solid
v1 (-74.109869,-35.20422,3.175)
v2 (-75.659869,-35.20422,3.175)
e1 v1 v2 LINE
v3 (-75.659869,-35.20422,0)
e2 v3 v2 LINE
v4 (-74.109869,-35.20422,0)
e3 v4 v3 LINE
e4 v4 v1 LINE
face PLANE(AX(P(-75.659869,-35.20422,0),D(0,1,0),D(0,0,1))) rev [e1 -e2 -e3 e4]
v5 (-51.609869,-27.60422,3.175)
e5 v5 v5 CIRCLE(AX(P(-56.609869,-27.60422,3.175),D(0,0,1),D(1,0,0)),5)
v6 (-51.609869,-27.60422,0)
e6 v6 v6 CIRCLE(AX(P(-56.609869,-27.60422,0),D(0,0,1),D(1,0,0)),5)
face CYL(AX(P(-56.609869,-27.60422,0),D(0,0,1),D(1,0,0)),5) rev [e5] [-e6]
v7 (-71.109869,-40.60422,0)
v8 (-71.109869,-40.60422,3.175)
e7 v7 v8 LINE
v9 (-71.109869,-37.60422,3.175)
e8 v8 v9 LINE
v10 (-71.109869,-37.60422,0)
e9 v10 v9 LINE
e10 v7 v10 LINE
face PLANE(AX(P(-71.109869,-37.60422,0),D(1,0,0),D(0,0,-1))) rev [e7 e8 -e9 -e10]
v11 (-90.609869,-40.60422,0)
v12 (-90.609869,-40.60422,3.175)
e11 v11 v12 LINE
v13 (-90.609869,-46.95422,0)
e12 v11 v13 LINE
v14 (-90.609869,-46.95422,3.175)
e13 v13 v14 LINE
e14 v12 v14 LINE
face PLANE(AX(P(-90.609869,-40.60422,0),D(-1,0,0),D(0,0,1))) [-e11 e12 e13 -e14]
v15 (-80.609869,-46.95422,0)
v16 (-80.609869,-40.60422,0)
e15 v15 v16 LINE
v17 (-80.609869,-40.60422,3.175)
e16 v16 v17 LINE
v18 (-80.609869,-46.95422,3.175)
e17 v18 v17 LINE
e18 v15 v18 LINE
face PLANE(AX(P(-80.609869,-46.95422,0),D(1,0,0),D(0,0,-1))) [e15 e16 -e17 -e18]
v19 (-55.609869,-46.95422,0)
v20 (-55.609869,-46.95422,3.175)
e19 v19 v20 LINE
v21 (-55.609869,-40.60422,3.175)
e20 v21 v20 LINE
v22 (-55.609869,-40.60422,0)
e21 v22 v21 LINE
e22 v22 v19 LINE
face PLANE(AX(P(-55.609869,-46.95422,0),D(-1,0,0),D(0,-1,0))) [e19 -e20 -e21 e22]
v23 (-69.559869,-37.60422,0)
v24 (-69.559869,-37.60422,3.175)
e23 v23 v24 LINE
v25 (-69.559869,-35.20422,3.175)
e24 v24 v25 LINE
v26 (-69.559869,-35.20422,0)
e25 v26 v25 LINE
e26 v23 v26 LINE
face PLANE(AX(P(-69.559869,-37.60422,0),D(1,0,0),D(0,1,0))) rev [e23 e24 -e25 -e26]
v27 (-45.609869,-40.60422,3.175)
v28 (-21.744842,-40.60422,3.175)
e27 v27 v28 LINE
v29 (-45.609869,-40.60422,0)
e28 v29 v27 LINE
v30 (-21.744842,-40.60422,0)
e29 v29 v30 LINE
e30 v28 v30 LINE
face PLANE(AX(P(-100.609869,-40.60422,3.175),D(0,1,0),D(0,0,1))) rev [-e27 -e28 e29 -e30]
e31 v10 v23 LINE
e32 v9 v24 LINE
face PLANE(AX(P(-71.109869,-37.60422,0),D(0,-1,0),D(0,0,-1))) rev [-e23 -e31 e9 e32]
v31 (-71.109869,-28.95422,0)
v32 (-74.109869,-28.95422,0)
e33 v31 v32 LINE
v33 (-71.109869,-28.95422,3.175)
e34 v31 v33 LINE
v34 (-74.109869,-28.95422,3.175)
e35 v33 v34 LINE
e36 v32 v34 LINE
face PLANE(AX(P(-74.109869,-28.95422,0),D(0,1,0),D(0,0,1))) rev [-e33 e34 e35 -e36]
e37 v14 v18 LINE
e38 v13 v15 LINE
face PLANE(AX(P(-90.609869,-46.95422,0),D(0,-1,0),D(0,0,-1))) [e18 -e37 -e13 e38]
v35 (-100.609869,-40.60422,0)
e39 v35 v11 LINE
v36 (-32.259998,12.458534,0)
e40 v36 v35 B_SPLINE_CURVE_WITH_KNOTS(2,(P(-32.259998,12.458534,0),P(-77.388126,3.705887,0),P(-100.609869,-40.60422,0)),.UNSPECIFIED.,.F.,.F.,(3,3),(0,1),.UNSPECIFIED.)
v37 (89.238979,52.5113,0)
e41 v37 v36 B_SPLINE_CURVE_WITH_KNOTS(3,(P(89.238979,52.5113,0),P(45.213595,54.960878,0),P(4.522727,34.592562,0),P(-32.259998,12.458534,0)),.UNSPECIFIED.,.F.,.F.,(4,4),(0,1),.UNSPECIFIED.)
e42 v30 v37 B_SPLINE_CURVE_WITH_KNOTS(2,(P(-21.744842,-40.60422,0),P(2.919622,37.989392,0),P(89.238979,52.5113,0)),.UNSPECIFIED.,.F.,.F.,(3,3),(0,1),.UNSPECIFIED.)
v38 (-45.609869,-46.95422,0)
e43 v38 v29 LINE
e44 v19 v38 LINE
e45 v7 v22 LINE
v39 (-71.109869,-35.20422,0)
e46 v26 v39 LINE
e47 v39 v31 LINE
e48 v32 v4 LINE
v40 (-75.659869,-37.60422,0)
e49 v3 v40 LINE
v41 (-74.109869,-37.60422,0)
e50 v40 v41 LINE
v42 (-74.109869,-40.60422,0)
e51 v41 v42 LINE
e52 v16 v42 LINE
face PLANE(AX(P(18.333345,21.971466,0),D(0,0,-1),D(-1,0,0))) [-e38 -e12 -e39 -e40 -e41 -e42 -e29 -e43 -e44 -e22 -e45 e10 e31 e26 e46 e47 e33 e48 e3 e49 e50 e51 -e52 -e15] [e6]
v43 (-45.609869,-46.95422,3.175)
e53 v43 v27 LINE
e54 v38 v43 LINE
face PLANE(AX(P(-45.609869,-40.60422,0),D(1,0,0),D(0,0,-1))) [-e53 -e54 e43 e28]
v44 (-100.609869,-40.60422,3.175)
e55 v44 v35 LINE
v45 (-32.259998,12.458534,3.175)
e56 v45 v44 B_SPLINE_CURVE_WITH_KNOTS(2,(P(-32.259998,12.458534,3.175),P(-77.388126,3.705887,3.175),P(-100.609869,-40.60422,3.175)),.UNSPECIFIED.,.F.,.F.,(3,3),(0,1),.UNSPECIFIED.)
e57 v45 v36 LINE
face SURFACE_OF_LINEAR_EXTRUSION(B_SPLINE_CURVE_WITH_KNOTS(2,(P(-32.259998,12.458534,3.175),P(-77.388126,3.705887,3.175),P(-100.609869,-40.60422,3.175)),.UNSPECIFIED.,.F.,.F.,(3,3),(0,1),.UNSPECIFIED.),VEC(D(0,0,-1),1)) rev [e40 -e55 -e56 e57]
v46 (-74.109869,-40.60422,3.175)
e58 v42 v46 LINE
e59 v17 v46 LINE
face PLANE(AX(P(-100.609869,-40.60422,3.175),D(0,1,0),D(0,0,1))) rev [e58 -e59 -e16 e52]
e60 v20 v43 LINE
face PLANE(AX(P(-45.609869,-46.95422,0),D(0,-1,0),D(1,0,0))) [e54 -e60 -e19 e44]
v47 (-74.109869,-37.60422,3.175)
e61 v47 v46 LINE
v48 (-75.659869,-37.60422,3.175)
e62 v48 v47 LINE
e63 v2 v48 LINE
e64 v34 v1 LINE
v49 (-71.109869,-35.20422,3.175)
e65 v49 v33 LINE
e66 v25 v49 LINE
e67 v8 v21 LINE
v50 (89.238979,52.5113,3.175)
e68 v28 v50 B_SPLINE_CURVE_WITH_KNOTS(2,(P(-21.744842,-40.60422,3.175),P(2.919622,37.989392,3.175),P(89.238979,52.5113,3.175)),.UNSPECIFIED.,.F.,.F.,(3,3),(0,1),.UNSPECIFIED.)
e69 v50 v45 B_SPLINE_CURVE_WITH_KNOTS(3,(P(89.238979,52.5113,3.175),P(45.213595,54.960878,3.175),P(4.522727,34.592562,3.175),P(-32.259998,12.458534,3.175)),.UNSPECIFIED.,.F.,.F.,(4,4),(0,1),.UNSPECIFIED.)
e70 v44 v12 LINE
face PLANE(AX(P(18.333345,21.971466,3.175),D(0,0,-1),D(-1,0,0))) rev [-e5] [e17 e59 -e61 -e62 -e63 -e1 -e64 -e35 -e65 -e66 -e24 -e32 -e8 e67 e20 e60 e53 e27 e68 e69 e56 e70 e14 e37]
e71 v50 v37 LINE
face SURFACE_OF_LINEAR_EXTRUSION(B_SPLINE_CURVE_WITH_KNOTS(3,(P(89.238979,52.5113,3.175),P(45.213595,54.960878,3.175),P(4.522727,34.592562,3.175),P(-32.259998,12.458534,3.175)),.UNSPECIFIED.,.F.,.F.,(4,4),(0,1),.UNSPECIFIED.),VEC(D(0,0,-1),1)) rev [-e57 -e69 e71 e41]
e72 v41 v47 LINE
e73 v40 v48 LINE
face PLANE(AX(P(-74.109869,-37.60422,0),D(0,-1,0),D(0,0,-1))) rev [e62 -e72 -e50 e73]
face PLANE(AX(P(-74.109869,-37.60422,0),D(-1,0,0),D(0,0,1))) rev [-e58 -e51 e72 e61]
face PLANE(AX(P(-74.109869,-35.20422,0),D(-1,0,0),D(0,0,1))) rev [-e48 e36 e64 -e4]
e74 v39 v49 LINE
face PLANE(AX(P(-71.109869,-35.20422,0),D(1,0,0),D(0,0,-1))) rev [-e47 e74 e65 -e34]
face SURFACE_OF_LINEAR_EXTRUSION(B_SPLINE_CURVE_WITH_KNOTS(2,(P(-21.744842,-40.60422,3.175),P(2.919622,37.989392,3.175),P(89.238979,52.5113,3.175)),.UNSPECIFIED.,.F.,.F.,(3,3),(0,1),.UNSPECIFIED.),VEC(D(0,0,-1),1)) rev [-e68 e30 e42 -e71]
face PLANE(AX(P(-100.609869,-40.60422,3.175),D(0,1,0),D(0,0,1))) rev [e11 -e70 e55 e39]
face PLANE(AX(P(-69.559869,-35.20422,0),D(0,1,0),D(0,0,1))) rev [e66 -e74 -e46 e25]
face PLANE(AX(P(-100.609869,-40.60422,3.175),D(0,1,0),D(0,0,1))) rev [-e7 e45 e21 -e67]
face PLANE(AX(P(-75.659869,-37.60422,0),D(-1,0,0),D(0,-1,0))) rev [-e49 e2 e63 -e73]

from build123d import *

# Parameters (mm, degrees)
BOSS_EXTRUDE1_DEPTH = 3.175
SKETCH3_W           = 10
SKETCH3_H           = 6.35
BOSS_EXTRUDE2_DEPTH = 3.175
SKETCH4_R           = 5
CUT_EXTRUDE1_DEPTH  = 114.626458313
CUT_EXTRUDE2_DEPTH  = 114.626458313


with BuildPart() as part:
    # Sketch2 → Boss-Extrude1 (new body)
    with BuildSketch(Plane.XY):
        with BuildLine():
            Line((-100.609869354, -40.604219784), (-21.744841678, -40.604219784))
            add(Edge.make_bspline(
                [(89.238978774, 52.511300132), (2.91962202, 37.989392405), (-21.744841678, -40.604219784)],
                knots=[0, 0, 0, 1, 1, 1], degree=2))
            add(Edge.make_bspline(
                [(89.238978774, 52.511300132), (45.213595461, 54.960877806), (4.522727388, 34.592562225), (-32.259998233, 12.458533919)],
                knots=[0, 0, 0, 0, 1, 1, 1, 1], degree=3))
            add(Edge.make_bspline(
                [(-32.259998233, 12.458533919), (-77.388125592, 3.705886884), (-100.609869354, -40.604219784)],
                knots=[0, 0, 0, 1, 1, 1], degree=2))
        make_face()
    extrude(amount=BOSS_EXTRUDE1_DEPTH)

    # Sketch3 → Boss-Extrude2 (add)
    with BuildSketch(Plane.XY.offset(3.175)):
        with Locations((-85.609869354, -43.779219784)):
            Rectangle(SKETCH3_W, SKETCH3_H)
        with Locations((-50.609869354, -43.779219784)):
            Rectangle(SKETCH3_W, SKETCH3_H)
    extrude(amount=-BOSS_EXTRUDE2_DEPTH)

    # Sketch4 → Cut-Extrude1 (cut, through all)
    with BuildSketch(Plane.XY.offset(3.175)):
        with Locations((-56.609869354, -27.604219784)):
            Circle(SKETCH4_R)
    extrude(amount=-CUT_EXTRUDE1_DEPTH, mode=Mode.SUBTRACT)

    # Sketch5 → Cut-Extrude2 (cut, through all)
    with BuildSketch(Plane.XY.offset(3.175)):
        Polygon((-74.109869354, -37.604219784), (-74.109869354, -40.604219784), (-71.109869354, -40.604219784), (-71.109869354, -37.604219784), (-69.559869354, -37.604219784), (-69.559869354, -35.204219784), (-71.109869354, -35.204219784), (-71.109869354, -28.954219784), (-74.109869354, -28.954219784), (-74.109869354, -35.204219784), (-75.659869354, -35.204219784), (-75.659869354, -37.604219784), align=None)
    extrude(amount=-CUT_EXTRUDE2_DEPTH, mode=Mode.SUBTRACT)


solid = part.part
